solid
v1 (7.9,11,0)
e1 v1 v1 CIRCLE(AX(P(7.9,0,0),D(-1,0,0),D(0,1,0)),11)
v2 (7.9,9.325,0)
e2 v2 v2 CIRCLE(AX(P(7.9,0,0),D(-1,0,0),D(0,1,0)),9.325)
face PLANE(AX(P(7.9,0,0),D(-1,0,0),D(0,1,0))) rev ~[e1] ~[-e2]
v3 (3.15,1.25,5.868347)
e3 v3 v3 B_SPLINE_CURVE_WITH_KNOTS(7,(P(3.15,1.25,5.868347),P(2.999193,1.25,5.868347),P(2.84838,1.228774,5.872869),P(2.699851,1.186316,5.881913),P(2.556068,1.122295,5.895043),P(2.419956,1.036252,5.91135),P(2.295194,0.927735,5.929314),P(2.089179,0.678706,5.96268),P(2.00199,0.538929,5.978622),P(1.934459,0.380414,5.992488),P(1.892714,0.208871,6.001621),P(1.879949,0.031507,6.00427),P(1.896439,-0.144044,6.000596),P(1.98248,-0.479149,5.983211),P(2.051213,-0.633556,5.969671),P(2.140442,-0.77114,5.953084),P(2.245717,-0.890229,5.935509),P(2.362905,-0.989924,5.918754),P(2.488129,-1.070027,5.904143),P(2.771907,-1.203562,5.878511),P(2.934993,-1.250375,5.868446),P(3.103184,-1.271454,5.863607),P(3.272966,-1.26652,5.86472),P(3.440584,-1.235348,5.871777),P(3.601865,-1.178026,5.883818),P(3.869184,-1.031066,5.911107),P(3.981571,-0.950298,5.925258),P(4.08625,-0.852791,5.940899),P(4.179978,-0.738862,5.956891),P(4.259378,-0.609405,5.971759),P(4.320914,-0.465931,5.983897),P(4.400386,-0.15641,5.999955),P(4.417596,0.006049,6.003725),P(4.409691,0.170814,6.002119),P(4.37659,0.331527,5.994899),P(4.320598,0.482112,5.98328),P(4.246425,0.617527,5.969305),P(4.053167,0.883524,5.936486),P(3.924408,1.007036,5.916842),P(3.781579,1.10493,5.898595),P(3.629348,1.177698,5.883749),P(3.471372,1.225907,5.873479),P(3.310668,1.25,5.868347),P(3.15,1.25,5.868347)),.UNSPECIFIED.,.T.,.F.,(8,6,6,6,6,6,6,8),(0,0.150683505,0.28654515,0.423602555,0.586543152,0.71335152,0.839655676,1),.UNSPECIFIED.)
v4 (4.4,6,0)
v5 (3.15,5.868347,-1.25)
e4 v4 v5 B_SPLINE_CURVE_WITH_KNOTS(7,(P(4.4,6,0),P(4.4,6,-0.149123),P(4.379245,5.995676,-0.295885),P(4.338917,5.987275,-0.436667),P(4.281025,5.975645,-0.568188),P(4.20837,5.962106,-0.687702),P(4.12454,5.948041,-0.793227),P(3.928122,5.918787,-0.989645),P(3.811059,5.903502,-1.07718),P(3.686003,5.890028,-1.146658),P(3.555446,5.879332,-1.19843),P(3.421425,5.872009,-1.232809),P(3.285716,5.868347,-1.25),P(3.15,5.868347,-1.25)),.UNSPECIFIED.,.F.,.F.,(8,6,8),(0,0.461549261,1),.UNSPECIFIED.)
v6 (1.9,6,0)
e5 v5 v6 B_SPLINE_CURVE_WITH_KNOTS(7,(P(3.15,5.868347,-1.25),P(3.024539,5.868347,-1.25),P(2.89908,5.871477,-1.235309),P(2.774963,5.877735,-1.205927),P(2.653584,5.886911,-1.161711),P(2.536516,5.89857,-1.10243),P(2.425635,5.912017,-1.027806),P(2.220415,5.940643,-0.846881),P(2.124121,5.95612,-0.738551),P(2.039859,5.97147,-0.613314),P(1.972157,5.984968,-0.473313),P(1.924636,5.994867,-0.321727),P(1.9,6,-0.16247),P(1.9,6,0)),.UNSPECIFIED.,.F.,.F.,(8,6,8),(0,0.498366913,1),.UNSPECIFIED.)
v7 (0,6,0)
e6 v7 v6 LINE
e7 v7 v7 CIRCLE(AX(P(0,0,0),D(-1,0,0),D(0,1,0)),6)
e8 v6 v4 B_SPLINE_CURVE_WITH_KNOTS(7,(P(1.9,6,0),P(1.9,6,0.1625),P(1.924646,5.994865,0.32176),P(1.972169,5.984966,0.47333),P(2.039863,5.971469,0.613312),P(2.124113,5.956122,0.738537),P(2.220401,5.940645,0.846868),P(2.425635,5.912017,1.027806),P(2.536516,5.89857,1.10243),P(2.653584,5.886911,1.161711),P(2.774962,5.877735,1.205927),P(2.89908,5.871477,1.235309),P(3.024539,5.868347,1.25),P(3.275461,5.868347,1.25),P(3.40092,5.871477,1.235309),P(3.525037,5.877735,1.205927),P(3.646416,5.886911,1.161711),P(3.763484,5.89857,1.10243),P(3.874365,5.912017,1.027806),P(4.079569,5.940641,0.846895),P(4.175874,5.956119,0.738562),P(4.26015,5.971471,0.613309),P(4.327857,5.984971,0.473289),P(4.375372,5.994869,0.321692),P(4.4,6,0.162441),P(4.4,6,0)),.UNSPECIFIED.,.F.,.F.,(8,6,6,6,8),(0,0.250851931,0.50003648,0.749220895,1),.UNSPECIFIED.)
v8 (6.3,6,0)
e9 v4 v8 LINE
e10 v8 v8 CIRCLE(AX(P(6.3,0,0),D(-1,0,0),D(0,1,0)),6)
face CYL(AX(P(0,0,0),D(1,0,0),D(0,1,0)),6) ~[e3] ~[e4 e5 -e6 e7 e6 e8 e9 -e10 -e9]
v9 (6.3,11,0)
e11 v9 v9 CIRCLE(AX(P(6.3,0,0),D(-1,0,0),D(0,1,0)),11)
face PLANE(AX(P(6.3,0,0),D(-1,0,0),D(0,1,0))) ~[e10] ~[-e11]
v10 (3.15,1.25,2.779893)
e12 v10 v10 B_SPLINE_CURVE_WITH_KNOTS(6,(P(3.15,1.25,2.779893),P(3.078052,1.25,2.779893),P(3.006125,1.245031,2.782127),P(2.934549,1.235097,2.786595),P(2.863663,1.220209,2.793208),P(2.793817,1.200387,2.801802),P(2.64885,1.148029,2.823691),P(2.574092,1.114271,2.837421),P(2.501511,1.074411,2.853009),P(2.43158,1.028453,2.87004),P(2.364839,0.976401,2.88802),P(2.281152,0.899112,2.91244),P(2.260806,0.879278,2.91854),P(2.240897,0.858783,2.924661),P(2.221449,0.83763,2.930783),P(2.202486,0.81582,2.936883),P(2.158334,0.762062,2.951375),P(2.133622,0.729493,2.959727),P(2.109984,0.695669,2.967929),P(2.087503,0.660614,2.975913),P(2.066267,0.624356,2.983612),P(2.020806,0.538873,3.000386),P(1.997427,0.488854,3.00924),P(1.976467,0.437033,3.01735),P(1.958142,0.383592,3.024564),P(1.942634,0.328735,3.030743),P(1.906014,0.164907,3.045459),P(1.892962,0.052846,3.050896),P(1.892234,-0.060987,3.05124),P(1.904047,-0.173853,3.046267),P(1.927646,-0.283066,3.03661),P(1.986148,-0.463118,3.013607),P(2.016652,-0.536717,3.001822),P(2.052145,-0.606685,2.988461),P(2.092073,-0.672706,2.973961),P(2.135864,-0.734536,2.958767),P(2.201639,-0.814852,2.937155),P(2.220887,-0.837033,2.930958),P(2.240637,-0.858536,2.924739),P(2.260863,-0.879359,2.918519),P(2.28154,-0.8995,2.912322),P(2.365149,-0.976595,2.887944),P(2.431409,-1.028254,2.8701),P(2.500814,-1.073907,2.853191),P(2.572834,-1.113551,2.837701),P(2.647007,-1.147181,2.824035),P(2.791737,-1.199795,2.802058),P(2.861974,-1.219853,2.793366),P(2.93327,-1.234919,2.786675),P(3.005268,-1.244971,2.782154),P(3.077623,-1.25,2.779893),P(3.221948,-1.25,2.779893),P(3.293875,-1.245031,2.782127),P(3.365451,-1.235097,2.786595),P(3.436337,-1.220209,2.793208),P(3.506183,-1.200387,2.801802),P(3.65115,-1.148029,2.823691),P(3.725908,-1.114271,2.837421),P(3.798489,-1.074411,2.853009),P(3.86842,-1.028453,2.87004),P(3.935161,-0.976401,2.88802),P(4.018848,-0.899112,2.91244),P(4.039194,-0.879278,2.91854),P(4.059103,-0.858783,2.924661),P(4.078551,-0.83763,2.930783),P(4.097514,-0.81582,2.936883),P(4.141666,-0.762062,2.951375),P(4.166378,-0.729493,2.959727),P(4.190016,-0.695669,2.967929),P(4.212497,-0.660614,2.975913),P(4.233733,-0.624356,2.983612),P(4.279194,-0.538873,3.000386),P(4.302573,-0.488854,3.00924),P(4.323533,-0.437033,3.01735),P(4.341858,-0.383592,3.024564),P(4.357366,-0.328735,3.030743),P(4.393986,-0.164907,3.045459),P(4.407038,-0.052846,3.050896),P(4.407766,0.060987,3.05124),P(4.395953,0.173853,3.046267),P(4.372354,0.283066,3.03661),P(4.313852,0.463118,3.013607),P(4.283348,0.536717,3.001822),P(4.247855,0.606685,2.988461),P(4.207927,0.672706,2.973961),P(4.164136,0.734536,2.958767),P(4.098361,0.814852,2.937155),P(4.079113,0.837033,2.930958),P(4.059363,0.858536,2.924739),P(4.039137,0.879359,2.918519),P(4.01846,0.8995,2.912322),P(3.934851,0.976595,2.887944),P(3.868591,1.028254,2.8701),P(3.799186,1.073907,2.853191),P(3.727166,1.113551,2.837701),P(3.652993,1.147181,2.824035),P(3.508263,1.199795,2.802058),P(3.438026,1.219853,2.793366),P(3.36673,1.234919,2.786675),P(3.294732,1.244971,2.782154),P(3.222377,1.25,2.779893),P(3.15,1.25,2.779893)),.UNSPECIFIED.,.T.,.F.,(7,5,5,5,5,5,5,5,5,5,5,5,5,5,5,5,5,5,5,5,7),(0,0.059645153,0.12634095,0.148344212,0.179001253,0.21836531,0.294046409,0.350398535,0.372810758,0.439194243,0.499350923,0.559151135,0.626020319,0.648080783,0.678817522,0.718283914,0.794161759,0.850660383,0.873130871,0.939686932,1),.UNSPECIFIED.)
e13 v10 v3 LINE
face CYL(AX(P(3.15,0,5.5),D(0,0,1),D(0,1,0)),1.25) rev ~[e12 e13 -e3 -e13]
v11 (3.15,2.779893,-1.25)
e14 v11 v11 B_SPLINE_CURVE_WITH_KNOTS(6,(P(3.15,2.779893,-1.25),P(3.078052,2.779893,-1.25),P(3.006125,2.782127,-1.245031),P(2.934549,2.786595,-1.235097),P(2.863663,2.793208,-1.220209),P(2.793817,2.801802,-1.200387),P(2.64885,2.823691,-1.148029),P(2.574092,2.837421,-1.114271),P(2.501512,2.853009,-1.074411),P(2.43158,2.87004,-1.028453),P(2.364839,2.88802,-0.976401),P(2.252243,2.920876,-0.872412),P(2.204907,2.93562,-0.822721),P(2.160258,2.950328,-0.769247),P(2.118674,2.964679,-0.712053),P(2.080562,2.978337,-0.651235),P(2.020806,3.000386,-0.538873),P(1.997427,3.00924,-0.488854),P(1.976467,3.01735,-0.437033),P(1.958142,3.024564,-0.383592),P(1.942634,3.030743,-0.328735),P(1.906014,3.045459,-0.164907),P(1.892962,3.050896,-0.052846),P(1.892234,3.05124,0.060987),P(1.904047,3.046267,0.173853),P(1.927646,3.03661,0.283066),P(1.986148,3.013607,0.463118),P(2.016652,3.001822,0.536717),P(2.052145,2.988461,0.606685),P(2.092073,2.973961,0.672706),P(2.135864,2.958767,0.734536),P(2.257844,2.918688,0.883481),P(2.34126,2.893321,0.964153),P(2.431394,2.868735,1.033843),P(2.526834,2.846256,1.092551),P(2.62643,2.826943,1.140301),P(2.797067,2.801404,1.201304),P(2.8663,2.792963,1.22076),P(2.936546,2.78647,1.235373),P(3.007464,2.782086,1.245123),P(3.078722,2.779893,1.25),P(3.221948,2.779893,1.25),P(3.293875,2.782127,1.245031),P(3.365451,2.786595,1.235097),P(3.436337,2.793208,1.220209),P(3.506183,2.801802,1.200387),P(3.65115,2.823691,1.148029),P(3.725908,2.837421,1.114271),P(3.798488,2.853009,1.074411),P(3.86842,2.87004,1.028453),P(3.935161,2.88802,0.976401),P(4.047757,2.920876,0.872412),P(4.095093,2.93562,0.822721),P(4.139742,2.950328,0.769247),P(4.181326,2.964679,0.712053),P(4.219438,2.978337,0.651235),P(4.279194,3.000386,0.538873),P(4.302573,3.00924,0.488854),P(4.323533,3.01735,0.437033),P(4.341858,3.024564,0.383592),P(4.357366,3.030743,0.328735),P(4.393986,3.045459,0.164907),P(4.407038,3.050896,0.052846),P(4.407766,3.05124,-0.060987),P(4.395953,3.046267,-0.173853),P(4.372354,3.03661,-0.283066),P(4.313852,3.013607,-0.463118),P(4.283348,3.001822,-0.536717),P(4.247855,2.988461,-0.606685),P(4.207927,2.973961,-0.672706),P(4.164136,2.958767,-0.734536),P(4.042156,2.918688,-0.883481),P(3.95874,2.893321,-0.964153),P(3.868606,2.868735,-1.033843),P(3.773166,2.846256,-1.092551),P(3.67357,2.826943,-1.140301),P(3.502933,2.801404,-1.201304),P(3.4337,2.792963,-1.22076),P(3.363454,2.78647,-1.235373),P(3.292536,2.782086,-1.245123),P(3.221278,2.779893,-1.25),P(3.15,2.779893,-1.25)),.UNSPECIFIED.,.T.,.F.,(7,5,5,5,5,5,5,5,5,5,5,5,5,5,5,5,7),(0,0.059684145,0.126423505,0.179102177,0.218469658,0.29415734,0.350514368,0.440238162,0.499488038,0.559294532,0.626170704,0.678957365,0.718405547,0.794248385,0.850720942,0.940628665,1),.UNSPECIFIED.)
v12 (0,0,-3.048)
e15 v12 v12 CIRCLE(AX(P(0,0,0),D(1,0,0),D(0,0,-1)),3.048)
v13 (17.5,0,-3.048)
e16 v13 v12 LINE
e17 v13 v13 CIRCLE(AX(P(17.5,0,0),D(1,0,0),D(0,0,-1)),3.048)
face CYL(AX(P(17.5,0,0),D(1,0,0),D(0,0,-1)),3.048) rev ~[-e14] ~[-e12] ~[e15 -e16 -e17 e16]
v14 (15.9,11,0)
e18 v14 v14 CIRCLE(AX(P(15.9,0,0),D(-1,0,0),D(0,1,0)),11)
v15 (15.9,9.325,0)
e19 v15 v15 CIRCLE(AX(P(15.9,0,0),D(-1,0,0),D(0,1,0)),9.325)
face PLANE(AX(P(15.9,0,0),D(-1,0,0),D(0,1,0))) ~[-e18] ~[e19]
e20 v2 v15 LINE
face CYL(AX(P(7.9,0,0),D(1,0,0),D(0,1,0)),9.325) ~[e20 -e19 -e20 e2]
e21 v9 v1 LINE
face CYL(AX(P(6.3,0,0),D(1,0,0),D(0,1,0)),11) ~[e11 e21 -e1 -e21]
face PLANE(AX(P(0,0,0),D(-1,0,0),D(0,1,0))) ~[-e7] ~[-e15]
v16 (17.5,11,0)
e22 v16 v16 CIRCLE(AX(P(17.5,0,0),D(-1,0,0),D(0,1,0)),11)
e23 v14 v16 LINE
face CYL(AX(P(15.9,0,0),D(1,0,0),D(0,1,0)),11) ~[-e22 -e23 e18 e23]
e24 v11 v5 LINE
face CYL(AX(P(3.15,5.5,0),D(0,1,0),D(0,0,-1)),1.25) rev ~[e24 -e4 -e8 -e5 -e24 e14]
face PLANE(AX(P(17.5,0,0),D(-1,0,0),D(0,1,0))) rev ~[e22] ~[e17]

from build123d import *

# Parameters (mm, degrees)
SKETCH2_W          = 1.25
SKETCH2_H          = 11
SKETCH4_W          = 1.25
SKETCH4_H          = 11
SKETCH6_R          = 3.048
CUT_EXTRUDE1_DEPTH = 18.5000001


with BuildPart() as part:
    # Sketch1 → Revolve1 (revolve)
    with BuildSketch(Plane.XY):
        Polygon((0, 2.5), (0, 6), (6.3, 6), (6.3, 11), (7.9, 11), (7.9, 9.325), (15.9, 9.325), (15.9, 11), (17.5, 11), (17.5, 2.5), align=None)
    revolve(axis=Axis((0, 0, 0), (-1, 0, 0)))

    # Sketch2 → M3x0.5 Tapped Hole1 (revolve, cut)
    with BuildSketch(Plane(origin=(3.15, 0, 0), x_dir=(0, 0, -1), z_dir=(1, 0, 0))):
        with Locations((0.625, 5.5)):
            Rectangle(SKETCH2_W, SKETCH2_H)
    revolve(axis=Axis((3.15, -6.35, 0), (0, 1, 0)), mode=Mode.SUBTRACT)

    # Sketch4 → M3x0.5 Tapped Hole2 (revolve, cut)
    with BuildSketch(Plane.YZ.offset(3.15)):
        with Locations((0.625, 5.5)):
            Rectangle(SKETCH4_W, SKETCH4_H)
    revolve(axis=Axis((3.15, 0, -6.35), (0, 0, 1)), mode=Mode.SUBTRACT)

    # Sketch6 → Cut-Extrude1 (cut, through all)
    with BuildSketch(Plane(origin=(17.5, 0, 0), x_dir=(0, 0, -1), z_dir=(1, 0, 0))):
        Circle(SKETCH6_R)
    extrude(amount=-CUT_EXTRUDE1_DEPTH, mode=Mode.SUBTRACT)


solid = part.part
